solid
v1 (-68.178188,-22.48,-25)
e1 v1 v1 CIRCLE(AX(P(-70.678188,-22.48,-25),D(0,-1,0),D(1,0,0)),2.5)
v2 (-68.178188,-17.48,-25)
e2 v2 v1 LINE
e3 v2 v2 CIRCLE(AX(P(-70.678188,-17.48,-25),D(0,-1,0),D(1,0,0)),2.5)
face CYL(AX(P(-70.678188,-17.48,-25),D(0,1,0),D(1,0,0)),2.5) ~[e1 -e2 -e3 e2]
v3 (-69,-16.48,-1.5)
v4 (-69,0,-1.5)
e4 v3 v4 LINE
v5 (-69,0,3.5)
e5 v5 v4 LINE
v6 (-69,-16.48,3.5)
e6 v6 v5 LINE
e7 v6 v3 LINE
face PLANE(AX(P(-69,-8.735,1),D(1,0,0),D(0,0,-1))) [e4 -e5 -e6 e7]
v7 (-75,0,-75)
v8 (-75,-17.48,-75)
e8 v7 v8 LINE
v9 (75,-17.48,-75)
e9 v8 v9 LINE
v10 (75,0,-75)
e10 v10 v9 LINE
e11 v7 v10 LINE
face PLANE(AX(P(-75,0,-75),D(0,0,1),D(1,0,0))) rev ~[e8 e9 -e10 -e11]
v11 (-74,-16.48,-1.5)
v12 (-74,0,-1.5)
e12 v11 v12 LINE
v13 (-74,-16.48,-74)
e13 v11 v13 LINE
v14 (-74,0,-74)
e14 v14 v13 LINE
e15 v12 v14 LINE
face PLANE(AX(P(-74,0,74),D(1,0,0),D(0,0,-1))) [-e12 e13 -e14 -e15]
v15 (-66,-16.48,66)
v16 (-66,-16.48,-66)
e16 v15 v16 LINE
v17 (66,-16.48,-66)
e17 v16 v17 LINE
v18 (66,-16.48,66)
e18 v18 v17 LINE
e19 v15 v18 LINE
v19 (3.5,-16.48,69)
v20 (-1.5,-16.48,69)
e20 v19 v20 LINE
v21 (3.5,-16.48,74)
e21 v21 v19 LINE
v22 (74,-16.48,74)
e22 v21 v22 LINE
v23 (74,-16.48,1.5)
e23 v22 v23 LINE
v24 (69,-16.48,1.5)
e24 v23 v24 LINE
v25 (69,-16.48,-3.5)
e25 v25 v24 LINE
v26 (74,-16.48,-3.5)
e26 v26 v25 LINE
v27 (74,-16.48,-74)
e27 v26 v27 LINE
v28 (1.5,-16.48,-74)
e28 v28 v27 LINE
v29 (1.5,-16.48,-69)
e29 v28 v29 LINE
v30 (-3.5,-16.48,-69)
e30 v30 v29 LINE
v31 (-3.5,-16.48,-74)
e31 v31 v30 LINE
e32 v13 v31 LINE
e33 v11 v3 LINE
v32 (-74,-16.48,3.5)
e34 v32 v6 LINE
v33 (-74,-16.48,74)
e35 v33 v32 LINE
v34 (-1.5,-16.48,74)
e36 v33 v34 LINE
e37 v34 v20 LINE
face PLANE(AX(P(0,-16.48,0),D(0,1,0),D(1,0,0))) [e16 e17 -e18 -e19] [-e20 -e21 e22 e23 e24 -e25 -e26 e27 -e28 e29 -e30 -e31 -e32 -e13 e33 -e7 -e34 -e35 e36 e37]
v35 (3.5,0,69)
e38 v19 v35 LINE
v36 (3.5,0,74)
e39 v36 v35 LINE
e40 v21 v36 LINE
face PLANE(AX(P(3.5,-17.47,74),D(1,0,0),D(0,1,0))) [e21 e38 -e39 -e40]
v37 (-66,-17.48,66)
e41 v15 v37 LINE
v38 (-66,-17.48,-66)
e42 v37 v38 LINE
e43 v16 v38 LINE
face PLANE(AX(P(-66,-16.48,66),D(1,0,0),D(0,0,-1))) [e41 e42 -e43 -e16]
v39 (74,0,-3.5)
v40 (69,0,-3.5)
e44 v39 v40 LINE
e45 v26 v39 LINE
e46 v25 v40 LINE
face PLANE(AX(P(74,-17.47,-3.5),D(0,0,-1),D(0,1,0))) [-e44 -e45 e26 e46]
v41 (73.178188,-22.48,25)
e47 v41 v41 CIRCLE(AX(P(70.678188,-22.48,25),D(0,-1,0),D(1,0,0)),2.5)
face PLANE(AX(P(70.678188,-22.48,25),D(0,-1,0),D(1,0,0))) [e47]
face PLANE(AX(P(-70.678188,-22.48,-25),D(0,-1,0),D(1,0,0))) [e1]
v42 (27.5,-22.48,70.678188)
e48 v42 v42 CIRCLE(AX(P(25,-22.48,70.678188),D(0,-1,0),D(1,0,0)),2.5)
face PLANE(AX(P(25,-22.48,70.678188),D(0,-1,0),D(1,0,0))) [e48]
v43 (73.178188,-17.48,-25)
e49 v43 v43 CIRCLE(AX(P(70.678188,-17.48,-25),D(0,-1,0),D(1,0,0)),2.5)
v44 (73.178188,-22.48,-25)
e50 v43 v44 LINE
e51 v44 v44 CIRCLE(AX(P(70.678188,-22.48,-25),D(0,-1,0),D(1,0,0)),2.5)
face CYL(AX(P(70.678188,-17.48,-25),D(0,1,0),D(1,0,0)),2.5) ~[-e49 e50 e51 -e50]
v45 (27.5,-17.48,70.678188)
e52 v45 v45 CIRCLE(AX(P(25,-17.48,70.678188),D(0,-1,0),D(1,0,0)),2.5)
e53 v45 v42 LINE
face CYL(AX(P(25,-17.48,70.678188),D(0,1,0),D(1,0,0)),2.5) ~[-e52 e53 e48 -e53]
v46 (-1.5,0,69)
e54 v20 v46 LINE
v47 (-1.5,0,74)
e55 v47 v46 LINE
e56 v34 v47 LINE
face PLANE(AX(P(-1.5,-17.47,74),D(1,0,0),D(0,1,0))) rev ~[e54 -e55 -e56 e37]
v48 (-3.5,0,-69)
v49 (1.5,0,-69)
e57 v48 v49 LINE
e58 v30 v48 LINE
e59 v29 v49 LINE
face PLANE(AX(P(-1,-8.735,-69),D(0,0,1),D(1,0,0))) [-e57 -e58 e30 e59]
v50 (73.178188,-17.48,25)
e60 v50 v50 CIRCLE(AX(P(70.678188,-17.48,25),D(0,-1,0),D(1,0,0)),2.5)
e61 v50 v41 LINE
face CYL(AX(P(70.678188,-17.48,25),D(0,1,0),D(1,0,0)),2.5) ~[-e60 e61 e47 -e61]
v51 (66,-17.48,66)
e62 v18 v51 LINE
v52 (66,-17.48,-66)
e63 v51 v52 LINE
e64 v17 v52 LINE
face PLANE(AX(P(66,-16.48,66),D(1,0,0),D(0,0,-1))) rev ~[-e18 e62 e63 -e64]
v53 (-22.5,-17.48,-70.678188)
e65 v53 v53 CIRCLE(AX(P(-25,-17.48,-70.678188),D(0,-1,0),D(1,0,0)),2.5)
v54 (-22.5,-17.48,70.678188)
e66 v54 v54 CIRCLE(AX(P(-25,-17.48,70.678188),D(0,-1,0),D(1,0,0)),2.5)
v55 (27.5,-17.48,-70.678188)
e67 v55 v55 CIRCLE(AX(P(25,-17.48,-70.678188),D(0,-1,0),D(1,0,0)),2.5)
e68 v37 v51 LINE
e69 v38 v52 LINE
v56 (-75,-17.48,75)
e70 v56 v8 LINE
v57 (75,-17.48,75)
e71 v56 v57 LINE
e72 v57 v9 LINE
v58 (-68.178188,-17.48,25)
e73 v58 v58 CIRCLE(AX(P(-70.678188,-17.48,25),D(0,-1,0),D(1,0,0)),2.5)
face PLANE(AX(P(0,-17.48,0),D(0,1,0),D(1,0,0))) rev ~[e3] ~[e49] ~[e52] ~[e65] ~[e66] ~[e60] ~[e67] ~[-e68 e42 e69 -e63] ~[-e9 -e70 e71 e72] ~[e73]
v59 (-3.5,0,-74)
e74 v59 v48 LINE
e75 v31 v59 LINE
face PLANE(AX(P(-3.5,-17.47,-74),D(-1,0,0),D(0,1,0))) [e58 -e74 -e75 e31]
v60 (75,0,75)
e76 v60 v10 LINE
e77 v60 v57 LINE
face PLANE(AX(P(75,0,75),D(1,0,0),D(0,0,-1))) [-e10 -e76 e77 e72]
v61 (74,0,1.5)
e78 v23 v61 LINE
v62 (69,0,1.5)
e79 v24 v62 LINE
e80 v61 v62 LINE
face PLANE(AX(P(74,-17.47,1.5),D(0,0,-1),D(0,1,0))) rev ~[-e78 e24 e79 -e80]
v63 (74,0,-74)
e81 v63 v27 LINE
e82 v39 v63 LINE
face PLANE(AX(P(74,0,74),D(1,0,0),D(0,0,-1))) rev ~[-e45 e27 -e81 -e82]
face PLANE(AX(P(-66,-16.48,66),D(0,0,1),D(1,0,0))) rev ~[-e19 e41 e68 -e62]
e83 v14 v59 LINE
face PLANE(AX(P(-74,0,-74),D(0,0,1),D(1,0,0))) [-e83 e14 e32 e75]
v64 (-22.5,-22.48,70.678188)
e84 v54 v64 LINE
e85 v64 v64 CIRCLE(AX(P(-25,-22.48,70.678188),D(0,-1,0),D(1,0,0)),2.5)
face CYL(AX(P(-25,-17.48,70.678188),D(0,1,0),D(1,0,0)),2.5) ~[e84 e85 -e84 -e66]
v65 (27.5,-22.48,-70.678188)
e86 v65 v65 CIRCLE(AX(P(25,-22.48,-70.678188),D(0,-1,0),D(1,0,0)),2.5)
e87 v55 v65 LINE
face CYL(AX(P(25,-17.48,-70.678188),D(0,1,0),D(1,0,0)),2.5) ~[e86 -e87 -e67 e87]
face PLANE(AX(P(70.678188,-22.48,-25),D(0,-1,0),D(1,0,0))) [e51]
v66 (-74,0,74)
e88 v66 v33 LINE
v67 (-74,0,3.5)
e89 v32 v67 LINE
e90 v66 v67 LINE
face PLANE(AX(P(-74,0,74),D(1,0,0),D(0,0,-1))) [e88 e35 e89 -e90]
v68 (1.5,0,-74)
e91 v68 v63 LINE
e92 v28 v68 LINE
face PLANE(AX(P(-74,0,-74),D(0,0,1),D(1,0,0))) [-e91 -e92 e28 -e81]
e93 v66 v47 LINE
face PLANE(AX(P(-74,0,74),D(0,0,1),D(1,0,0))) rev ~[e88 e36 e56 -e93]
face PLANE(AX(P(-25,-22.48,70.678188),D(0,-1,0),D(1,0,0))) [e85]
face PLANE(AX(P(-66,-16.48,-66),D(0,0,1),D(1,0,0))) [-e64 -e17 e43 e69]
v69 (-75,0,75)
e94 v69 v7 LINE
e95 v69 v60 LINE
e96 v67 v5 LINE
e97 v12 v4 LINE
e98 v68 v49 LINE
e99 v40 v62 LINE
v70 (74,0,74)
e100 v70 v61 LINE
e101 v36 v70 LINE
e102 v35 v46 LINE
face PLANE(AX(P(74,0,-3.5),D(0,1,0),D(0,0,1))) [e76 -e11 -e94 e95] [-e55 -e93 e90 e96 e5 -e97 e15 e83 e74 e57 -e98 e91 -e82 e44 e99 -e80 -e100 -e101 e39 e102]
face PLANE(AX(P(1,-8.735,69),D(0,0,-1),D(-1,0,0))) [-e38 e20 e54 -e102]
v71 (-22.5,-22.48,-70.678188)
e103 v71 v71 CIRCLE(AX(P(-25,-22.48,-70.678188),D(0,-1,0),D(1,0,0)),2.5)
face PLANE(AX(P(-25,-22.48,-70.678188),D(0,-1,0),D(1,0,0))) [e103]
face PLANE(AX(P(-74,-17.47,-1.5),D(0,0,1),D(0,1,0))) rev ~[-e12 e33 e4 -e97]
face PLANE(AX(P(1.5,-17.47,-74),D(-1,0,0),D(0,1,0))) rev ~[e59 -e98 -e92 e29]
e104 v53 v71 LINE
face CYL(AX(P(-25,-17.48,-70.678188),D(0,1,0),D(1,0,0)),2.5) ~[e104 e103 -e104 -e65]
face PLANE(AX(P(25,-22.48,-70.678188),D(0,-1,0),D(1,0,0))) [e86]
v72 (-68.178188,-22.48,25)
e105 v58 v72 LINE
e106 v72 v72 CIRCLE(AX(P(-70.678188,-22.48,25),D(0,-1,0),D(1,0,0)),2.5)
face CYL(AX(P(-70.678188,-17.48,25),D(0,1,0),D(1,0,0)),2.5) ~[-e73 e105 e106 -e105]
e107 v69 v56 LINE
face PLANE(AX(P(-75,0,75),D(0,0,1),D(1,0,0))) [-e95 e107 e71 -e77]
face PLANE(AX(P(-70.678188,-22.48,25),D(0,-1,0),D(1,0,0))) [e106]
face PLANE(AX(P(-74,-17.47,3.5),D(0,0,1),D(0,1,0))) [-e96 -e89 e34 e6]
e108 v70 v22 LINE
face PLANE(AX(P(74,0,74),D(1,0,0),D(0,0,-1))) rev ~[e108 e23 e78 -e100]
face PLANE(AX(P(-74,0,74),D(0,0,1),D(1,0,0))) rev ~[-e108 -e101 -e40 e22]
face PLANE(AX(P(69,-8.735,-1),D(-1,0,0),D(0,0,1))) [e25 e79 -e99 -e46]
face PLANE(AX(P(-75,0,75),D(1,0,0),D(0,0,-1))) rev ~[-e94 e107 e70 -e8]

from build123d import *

# Parameters (mm, degrees)
SKETCH1_W           = 150
SKETCH1_H           = 150
BOSS_EXTRUDE1_DEPTH = 17.48
SKETCH2_W           = 148
SKETCH2_H           = 148
CUT_EXTRUDE1_DEPTH  = 16.48
SKETCH3_W           = 132
SKETCH3_H           = 132
CUT_EXTRUDE2_DEPTH  = 2
SKETCH4_W           = 5
SKETCH4_H           = 17.47
BOSS_EXTRUDE3_DEPTH = 5
CIRPATTERN2_COUNT   = 4
SKETCH6_R           = 2.5
BOSS_EXTRUDE5_DEPTH = 5


with BuildPart() as part:
    # Sketch1 → Boss-Extrude1 (new body)
    with BuildSketch(Plane(origin=(0, 0, 0), x_dir=(1, 0, 0), z_dir=(0, 1, 0))):
        Rectangle(SKETCH1_W, SKETCH1_H)
    extrude(amount=-BOSS_EXTRUDE1_DEPTH)

    # Sketch2 → Cut-Extrude1 (cut)
    with BuildSketch(Plane(origin=(0, 0, 0), x_dir=(1, 0, 0), z_dir=(0, 1, 0))):
        Rectangle(SKETCH2_W, SKETCH2_H)
    extrude(amount=-CUT_EXTRUDE1_DEPTH, mode=Mode.SUBTRACT)

    # Sketch3 → Cut-Extrude2 (cut, through all)
    with BuildSketch(Plane(origin=(0, -16.48, 0), x_dir=(1, 0, 0), z_dir=(0, 1, 0))):
        Rectangle(SKETCH3_W, SKETCH3_H)
    extrude(amount=-CUT_EXTRUDE2_DEPTH, mode=Mode.SUBTRACT)

    # Sketch4 → Boss-Extrude3 (add)
    with BuildSketch(Plane.XY.offset(-74)):
        with Locations((-1, -8.735)):
            Rectangle(SKETCH4_W, SKETCH4_H)
    boss_extrude3 = extrude(amount=BOSS_EXTRUDE3_DEPTH)

    # CirPattern2: Boss-Extrude3 ×4 about axis
    cirpattern2_axis = Axis((0, 0, 0), (0, 1, 0))
    for i in range(1, CIRPATTERN2_COUNT):
        add(boss_extrude3.rotate(cirpattern2_axis, i * 360 / CIRPATTERN2_COUNT))

    # Sketch6 → Boss-Extrude5 (add)
    with BuildSketch(Plane.XZ.offset(17.48)):
        with Locations((-70.678187872, -25)):
            Circle(SKETCH6_R)
        with Locations((-70.678187872, 25)):
            Circle(SKETCH6_R)
        with Locations((25, 70.678187872)):
            Circle(SKETCH6_R)
        with Locations((-25, 70.678187872)):
            Circle(SKETCH6_R)
        with Locations((70.678187872, -25)):
            Circle(SKETCH6_R)
        with Locations((70.678187872, 25)):
            Circle(SKETCH6_R)
        with Locations((-25, -70.678187872)):
            Circle(SKETCH6_R)
        with Locations((25, -70.678187872)):
            Circle(SKETCH6_R)
    extrude(amount=BOSS_EXTRUDE5_DEPTH)


solid = part.part
